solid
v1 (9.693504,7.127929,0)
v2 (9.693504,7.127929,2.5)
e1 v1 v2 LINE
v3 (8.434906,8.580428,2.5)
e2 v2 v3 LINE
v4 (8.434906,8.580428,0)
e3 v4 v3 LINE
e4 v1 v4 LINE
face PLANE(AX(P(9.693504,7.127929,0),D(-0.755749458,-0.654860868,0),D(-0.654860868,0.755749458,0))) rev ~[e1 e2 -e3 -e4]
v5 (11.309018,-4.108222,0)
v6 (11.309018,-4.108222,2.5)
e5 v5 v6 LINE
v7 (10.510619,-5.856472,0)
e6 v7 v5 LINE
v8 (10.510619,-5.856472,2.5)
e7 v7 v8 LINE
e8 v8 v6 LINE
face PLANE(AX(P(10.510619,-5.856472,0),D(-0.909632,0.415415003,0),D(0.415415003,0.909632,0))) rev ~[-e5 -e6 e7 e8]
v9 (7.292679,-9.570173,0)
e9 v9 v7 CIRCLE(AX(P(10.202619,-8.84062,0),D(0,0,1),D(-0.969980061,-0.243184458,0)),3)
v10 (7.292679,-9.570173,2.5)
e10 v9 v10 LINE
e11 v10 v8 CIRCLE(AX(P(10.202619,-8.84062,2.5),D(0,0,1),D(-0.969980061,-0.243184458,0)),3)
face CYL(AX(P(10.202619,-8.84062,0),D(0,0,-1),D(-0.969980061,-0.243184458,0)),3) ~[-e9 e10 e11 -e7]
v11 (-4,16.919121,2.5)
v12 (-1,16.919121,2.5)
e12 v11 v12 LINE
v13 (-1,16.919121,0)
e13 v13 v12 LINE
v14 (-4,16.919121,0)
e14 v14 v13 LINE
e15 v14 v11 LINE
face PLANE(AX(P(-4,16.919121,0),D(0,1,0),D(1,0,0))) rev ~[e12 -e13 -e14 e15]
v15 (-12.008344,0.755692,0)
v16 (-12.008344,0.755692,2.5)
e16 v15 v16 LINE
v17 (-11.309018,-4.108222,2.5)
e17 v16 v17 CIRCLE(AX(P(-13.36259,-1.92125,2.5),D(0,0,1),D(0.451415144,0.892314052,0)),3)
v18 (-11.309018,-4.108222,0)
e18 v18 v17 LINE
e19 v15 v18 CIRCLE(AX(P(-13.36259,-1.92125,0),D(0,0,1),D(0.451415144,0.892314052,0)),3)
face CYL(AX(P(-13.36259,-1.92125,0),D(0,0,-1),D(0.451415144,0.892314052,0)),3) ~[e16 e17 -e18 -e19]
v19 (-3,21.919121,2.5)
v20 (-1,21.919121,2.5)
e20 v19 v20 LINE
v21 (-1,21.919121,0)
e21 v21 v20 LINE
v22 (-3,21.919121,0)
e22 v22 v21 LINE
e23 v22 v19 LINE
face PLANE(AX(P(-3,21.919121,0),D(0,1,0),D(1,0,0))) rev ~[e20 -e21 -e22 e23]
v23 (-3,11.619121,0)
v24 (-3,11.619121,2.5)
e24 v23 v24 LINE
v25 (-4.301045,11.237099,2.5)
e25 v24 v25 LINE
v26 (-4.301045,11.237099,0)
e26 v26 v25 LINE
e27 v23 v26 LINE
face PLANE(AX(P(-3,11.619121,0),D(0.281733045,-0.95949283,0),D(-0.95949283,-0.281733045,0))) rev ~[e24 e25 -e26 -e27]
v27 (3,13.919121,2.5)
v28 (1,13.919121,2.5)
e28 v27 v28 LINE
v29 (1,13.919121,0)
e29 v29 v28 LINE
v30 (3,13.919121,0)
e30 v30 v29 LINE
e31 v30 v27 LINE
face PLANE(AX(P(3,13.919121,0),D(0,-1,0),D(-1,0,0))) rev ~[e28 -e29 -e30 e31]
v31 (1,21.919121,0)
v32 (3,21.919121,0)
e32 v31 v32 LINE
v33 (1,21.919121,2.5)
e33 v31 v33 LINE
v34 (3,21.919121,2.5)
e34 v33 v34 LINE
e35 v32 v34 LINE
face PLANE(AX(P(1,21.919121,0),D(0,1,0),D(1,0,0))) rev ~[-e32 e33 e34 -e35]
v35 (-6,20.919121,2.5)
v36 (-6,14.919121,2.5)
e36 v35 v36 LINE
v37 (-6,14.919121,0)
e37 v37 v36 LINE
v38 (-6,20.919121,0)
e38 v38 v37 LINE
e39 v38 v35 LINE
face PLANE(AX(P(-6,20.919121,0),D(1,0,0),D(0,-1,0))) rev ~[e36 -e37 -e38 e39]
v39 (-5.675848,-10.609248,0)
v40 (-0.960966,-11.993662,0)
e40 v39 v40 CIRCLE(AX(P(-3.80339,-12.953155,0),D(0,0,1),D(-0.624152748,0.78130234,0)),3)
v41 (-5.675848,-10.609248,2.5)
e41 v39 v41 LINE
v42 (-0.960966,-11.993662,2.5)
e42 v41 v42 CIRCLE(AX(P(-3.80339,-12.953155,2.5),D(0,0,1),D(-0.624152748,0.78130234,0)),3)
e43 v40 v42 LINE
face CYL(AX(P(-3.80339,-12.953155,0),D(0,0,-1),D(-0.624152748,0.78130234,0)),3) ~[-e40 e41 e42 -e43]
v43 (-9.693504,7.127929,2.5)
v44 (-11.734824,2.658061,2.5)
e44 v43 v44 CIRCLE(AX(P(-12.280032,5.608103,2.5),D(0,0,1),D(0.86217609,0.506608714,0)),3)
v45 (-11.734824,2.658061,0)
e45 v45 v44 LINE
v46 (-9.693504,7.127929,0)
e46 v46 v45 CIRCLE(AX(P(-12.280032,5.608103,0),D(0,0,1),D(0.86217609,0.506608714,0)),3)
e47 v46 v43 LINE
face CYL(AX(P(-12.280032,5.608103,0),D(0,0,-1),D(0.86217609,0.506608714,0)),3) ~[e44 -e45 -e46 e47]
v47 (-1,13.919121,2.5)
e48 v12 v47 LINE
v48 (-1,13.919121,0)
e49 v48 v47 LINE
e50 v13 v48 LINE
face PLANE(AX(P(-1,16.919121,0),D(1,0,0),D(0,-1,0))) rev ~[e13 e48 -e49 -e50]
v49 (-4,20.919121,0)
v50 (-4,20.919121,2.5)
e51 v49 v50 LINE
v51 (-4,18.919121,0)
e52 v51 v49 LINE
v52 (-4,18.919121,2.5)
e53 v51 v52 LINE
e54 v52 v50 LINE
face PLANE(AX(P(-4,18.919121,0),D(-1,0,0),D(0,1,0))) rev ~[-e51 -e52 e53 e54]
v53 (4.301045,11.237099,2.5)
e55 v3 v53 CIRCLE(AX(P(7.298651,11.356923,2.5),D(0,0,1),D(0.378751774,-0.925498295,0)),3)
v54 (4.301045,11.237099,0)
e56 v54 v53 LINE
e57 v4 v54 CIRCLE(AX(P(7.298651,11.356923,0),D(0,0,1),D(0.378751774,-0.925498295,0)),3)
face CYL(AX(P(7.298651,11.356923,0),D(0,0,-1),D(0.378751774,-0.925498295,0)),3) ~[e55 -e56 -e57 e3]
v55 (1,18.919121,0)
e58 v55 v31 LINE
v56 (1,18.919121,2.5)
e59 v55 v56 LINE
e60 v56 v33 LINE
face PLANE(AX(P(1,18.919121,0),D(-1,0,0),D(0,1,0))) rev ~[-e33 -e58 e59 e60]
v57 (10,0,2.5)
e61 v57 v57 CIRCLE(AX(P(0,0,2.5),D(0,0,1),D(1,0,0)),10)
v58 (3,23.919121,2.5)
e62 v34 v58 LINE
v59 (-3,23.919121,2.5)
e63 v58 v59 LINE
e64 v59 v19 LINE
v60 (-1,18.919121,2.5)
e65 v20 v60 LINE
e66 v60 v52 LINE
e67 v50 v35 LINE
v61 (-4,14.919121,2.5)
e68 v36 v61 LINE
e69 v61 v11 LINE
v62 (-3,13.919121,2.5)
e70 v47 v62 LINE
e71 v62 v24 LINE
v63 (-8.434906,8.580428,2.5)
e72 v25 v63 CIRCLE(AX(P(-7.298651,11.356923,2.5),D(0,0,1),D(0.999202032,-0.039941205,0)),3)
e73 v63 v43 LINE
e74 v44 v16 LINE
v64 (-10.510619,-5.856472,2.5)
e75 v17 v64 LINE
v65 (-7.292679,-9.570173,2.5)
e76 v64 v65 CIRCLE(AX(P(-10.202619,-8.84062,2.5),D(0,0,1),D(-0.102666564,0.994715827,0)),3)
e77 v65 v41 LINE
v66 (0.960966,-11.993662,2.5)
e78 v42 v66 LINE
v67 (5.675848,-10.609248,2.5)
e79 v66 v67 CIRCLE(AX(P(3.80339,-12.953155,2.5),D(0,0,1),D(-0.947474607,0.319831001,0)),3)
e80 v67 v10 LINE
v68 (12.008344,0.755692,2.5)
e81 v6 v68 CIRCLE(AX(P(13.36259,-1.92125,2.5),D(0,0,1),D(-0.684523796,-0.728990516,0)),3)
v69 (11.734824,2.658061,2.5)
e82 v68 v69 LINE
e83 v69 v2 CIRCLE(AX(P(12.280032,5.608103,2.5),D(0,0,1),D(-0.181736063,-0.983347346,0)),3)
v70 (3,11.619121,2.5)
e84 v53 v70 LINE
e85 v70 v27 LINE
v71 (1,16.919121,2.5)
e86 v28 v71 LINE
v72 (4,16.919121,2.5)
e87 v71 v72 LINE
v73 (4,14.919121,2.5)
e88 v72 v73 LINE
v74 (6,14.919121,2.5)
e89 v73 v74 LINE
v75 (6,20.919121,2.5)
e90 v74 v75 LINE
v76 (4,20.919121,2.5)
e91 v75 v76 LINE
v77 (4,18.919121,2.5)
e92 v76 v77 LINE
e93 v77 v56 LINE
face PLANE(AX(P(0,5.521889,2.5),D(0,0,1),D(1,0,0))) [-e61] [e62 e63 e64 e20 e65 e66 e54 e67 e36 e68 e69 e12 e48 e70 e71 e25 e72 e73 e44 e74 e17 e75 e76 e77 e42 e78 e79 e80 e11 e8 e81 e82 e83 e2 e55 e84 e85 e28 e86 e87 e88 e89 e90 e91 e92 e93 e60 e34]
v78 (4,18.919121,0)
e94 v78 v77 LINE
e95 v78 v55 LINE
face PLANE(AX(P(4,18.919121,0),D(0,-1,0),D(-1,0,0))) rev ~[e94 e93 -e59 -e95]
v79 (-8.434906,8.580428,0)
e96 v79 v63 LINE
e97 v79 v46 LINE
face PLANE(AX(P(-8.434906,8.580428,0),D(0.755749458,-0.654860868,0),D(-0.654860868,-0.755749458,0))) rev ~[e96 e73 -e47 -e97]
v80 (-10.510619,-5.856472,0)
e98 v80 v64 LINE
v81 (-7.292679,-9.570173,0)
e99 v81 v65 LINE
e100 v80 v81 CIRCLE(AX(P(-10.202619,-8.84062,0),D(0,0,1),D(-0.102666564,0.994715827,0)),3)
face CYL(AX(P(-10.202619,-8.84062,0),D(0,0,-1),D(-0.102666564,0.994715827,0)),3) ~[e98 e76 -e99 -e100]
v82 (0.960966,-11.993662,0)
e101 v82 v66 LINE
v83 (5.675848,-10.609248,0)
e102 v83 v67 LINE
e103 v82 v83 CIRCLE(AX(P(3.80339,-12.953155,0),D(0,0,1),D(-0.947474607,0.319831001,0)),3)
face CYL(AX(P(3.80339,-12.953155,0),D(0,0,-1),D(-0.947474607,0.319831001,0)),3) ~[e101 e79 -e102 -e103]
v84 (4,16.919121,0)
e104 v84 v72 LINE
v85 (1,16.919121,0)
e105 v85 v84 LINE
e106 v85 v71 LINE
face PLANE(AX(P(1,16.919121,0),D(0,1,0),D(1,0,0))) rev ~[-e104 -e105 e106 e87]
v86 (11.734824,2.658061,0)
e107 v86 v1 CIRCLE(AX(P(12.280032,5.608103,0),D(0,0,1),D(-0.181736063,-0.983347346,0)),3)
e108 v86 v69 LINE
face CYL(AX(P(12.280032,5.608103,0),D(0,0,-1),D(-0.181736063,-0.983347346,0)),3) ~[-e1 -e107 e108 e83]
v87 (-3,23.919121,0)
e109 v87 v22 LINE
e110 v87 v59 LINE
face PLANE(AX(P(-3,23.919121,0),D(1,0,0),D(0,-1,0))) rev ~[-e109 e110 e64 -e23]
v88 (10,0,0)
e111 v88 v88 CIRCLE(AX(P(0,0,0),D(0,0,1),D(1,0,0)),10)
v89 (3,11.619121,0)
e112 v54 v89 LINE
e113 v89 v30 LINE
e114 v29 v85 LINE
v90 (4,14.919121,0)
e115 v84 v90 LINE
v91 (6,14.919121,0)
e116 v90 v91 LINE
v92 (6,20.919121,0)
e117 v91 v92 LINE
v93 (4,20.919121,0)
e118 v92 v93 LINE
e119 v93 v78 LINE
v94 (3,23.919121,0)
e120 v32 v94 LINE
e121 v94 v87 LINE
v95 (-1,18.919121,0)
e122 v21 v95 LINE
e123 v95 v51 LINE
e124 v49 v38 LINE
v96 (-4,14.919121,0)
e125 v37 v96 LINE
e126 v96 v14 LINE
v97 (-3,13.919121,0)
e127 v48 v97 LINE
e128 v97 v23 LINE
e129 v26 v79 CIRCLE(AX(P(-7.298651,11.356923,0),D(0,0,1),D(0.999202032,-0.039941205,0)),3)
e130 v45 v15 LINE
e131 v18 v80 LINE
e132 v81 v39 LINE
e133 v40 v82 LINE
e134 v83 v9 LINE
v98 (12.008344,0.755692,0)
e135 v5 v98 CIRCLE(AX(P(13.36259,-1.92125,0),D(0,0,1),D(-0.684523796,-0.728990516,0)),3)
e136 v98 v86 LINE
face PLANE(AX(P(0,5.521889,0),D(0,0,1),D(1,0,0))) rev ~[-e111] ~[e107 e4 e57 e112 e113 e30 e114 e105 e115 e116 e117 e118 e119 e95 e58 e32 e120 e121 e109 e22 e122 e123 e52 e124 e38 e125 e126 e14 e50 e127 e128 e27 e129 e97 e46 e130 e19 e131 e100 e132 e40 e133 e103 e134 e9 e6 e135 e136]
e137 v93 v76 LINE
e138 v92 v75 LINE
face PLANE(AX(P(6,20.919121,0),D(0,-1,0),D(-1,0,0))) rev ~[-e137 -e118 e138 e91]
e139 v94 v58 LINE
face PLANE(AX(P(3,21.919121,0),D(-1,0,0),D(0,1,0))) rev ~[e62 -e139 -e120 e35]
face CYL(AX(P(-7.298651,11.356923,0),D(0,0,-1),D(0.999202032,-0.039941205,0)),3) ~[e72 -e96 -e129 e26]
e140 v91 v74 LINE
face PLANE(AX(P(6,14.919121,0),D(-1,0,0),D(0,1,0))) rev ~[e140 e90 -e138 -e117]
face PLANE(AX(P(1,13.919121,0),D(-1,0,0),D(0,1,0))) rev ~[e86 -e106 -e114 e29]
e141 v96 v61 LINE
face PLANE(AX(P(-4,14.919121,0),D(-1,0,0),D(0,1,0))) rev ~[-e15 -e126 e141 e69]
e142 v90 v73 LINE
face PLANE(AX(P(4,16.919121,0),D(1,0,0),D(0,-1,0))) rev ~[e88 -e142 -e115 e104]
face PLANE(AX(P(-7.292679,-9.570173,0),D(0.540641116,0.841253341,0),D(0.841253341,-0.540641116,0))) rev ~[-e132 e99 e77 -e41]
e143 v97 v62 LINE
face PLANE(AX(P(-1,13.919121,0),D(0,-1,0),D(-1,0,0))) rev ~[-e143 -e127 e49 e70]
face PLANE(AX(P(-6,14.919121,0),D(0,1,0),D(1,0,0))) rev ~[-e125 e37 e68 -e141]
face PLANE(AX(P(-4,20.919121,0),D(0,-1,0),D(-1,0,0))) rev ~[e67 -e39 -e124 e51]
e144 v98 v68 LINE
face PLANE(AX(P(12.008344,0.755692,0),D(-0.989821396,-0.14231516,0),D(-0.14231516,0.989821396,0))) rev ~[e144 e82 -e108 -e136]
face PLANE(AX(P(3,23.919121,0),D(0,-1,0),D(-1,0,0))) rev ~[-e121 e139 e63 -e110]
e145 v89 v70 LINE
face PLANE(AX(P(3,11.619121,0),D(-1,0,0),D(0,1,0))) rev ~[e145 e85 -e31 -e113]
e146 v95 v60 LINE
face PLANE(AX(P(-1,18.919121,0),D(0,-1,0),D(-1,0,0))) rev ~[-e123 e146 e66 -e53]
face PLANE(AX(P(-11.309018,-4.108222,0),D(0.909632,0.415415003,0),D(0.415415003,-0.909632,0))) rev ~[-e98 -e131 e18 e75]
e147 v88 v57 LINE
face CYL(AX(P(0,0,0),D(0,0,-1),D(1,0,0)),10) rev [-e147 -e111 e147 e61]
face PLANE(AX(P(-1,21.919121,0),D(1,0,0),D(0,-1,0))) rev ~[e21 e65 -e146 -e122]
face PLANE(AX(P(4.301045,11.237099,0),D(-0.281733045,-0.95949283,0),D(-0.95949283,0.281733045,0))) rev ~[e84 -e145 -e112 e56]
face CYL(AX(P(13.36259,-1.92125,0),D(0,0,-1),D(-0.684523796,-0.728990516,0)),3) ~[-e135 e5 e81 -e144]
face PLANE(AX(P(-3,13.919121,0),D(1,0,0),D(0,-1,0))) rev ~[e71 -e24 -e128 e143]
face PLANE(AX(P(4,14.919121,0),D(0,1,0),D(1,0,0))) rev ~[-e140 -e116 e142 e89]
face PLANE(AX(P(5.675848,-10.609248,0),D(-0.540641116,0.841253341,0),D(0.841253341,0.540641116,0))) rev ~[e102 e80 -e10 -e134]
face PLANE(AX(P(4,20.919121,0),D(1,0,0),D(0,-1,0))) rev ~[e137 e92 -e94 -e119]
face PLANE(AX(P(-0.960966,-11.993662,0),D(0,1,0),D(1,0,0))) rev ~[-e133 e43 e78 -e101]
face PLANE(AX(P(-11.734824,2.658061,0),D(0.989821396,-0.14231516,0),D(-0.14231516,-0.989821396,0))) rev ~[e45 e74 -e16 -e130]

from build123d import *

# Parameters (mm, degrees)
F0_R     = 10
F1_DEPTH = 2.5


with BuildPart() as f1:
    # F0 (on Top) → F1 (new body)
    with BuildSketch(Plane.XY):
        with BuildLine():
            Line((4.301045, 11.237099), (3, 11.619121))
            Line((3, 11.619121), (3, 13.919121))
            Line((3, 13.919121), (1, 13.919121))
            Line((1, 13.919121), (1, 16.919121))
            Line((1, 16.919121), (4, 16.919121))
            Line((4, 16.919121), (4, 14.919121))
            Line((4, 14.919121), (6, 14.919121))
            Line((6, 14.919121), (6, 20.919121))
            Line((6, 20.919121), (4, 20.919121))
            Line((4, 20.919121), (4, 18.919121))
            Line((4, 18.919121), (1, 18.919121))
            Line((1, 18.919121), (1, 21.919121))
            Line((1, 21.919121), (3, 21.919121))
            Line((3, 21.919121), (3, 23.919121))
            Line((3, 23.919121), (0, 23.919121))
            Line((0, 23.919121), (-3, 23.919121))
            Line((-3, 23.919121), (-3, 21.919121))
            Line((-3, 21.919121), (-1, 21.919121))
            Line((-1, 21.919121), (-1, 18.919121))
            Line((-1, 18.919121), (-4, 18.919121))
            Line((-4, 18.919121), (-4, 20.919121))
            Line((-4, 20.919121), (-6, 20.919121))
            Line((-6, 20.919121), (-6, 14.919121))
            Line((-6, 14.919121), (-4, 14.919121))
            Line((-4, 14.919121), (-4, 16.919121))
            Line((-4, 16.919121), (-1, 16.919121))
            Line((-1, 16.919121), (-1, 13.919121))
            Line((-1, 13.919121), (-3, 13.919121))
            Line((-3, 13.919121), (-3, 11.619121))
            Line((-3, 11.619121), (-4.301045, 11.237099))
            ThreePointArc((-4.301045, 11.237099), (-8.920573, 13.880683), (-8.434906, 8.580428))
            Line((-8.434906, 8.580428), (-9.693504, 7.127929))
            ThreePointArc((-9.693504, 7.127929), (-15.008928, 6.854348), (-11.734824, 2.658061))
            Line((-11.734824, 2.658061), (-12.008344, 0.755692))
            ThreePointArc((-12.008344, 0.755692), (-16.332054, -2.348195), (-11.309018, -4.108222))
            Line((-11.309018, -4.108222), (-10.510619, -5.856472))
            ThreePointArc((-10.510619, -5.856472), (-12.469868, -10.805202), (-7.292679, -9.570173))
            Line((-7.292679, -9.570173), (-5.675848, -10.609248))
            ThreePointArc((-5.675848, -10.609248), (-4.648587, -15.831634), (-0.960966, -11.993662))
            Line((-0.960966, -11.993662), (0.960966, -11.993662))
            ThreePointArc((0.960966, -11.993662), (4.648587, -15.831634), (5.675848, -10.609248))
            Line((5.675848, -10.609248), (7.292679, -9.570173))
            ThreePointArc((7.292679, -9.570173), (12.469868, -10.805202), (10.510619, -5.856472))
            Line((10.510619, -5.856472), (11.309018, -4.108222))
            ThreePointArc((11.309018, -4.108222), (16.332054, -2.348195), (12.008344, 0.755692))
            Line((12.008344, 0.755692), (11.734824, 2.658061))
            ThreePointArc((11.734824, 2.658061), (15.008928, 6.854348), (9.693504, 7.127929))
            Line((9.693504, 7.127929), (8.434906, 8.580428))
            ThreePointArc((8.434906, 8.580428), (8.920573, 13.880683), (4.301045, 11.237099))
        make_face()
        Circle(F0_R, mode=Mode.SUBTRACT)
    extrude(amount=F1_DEPTH)


solid = f1.part
